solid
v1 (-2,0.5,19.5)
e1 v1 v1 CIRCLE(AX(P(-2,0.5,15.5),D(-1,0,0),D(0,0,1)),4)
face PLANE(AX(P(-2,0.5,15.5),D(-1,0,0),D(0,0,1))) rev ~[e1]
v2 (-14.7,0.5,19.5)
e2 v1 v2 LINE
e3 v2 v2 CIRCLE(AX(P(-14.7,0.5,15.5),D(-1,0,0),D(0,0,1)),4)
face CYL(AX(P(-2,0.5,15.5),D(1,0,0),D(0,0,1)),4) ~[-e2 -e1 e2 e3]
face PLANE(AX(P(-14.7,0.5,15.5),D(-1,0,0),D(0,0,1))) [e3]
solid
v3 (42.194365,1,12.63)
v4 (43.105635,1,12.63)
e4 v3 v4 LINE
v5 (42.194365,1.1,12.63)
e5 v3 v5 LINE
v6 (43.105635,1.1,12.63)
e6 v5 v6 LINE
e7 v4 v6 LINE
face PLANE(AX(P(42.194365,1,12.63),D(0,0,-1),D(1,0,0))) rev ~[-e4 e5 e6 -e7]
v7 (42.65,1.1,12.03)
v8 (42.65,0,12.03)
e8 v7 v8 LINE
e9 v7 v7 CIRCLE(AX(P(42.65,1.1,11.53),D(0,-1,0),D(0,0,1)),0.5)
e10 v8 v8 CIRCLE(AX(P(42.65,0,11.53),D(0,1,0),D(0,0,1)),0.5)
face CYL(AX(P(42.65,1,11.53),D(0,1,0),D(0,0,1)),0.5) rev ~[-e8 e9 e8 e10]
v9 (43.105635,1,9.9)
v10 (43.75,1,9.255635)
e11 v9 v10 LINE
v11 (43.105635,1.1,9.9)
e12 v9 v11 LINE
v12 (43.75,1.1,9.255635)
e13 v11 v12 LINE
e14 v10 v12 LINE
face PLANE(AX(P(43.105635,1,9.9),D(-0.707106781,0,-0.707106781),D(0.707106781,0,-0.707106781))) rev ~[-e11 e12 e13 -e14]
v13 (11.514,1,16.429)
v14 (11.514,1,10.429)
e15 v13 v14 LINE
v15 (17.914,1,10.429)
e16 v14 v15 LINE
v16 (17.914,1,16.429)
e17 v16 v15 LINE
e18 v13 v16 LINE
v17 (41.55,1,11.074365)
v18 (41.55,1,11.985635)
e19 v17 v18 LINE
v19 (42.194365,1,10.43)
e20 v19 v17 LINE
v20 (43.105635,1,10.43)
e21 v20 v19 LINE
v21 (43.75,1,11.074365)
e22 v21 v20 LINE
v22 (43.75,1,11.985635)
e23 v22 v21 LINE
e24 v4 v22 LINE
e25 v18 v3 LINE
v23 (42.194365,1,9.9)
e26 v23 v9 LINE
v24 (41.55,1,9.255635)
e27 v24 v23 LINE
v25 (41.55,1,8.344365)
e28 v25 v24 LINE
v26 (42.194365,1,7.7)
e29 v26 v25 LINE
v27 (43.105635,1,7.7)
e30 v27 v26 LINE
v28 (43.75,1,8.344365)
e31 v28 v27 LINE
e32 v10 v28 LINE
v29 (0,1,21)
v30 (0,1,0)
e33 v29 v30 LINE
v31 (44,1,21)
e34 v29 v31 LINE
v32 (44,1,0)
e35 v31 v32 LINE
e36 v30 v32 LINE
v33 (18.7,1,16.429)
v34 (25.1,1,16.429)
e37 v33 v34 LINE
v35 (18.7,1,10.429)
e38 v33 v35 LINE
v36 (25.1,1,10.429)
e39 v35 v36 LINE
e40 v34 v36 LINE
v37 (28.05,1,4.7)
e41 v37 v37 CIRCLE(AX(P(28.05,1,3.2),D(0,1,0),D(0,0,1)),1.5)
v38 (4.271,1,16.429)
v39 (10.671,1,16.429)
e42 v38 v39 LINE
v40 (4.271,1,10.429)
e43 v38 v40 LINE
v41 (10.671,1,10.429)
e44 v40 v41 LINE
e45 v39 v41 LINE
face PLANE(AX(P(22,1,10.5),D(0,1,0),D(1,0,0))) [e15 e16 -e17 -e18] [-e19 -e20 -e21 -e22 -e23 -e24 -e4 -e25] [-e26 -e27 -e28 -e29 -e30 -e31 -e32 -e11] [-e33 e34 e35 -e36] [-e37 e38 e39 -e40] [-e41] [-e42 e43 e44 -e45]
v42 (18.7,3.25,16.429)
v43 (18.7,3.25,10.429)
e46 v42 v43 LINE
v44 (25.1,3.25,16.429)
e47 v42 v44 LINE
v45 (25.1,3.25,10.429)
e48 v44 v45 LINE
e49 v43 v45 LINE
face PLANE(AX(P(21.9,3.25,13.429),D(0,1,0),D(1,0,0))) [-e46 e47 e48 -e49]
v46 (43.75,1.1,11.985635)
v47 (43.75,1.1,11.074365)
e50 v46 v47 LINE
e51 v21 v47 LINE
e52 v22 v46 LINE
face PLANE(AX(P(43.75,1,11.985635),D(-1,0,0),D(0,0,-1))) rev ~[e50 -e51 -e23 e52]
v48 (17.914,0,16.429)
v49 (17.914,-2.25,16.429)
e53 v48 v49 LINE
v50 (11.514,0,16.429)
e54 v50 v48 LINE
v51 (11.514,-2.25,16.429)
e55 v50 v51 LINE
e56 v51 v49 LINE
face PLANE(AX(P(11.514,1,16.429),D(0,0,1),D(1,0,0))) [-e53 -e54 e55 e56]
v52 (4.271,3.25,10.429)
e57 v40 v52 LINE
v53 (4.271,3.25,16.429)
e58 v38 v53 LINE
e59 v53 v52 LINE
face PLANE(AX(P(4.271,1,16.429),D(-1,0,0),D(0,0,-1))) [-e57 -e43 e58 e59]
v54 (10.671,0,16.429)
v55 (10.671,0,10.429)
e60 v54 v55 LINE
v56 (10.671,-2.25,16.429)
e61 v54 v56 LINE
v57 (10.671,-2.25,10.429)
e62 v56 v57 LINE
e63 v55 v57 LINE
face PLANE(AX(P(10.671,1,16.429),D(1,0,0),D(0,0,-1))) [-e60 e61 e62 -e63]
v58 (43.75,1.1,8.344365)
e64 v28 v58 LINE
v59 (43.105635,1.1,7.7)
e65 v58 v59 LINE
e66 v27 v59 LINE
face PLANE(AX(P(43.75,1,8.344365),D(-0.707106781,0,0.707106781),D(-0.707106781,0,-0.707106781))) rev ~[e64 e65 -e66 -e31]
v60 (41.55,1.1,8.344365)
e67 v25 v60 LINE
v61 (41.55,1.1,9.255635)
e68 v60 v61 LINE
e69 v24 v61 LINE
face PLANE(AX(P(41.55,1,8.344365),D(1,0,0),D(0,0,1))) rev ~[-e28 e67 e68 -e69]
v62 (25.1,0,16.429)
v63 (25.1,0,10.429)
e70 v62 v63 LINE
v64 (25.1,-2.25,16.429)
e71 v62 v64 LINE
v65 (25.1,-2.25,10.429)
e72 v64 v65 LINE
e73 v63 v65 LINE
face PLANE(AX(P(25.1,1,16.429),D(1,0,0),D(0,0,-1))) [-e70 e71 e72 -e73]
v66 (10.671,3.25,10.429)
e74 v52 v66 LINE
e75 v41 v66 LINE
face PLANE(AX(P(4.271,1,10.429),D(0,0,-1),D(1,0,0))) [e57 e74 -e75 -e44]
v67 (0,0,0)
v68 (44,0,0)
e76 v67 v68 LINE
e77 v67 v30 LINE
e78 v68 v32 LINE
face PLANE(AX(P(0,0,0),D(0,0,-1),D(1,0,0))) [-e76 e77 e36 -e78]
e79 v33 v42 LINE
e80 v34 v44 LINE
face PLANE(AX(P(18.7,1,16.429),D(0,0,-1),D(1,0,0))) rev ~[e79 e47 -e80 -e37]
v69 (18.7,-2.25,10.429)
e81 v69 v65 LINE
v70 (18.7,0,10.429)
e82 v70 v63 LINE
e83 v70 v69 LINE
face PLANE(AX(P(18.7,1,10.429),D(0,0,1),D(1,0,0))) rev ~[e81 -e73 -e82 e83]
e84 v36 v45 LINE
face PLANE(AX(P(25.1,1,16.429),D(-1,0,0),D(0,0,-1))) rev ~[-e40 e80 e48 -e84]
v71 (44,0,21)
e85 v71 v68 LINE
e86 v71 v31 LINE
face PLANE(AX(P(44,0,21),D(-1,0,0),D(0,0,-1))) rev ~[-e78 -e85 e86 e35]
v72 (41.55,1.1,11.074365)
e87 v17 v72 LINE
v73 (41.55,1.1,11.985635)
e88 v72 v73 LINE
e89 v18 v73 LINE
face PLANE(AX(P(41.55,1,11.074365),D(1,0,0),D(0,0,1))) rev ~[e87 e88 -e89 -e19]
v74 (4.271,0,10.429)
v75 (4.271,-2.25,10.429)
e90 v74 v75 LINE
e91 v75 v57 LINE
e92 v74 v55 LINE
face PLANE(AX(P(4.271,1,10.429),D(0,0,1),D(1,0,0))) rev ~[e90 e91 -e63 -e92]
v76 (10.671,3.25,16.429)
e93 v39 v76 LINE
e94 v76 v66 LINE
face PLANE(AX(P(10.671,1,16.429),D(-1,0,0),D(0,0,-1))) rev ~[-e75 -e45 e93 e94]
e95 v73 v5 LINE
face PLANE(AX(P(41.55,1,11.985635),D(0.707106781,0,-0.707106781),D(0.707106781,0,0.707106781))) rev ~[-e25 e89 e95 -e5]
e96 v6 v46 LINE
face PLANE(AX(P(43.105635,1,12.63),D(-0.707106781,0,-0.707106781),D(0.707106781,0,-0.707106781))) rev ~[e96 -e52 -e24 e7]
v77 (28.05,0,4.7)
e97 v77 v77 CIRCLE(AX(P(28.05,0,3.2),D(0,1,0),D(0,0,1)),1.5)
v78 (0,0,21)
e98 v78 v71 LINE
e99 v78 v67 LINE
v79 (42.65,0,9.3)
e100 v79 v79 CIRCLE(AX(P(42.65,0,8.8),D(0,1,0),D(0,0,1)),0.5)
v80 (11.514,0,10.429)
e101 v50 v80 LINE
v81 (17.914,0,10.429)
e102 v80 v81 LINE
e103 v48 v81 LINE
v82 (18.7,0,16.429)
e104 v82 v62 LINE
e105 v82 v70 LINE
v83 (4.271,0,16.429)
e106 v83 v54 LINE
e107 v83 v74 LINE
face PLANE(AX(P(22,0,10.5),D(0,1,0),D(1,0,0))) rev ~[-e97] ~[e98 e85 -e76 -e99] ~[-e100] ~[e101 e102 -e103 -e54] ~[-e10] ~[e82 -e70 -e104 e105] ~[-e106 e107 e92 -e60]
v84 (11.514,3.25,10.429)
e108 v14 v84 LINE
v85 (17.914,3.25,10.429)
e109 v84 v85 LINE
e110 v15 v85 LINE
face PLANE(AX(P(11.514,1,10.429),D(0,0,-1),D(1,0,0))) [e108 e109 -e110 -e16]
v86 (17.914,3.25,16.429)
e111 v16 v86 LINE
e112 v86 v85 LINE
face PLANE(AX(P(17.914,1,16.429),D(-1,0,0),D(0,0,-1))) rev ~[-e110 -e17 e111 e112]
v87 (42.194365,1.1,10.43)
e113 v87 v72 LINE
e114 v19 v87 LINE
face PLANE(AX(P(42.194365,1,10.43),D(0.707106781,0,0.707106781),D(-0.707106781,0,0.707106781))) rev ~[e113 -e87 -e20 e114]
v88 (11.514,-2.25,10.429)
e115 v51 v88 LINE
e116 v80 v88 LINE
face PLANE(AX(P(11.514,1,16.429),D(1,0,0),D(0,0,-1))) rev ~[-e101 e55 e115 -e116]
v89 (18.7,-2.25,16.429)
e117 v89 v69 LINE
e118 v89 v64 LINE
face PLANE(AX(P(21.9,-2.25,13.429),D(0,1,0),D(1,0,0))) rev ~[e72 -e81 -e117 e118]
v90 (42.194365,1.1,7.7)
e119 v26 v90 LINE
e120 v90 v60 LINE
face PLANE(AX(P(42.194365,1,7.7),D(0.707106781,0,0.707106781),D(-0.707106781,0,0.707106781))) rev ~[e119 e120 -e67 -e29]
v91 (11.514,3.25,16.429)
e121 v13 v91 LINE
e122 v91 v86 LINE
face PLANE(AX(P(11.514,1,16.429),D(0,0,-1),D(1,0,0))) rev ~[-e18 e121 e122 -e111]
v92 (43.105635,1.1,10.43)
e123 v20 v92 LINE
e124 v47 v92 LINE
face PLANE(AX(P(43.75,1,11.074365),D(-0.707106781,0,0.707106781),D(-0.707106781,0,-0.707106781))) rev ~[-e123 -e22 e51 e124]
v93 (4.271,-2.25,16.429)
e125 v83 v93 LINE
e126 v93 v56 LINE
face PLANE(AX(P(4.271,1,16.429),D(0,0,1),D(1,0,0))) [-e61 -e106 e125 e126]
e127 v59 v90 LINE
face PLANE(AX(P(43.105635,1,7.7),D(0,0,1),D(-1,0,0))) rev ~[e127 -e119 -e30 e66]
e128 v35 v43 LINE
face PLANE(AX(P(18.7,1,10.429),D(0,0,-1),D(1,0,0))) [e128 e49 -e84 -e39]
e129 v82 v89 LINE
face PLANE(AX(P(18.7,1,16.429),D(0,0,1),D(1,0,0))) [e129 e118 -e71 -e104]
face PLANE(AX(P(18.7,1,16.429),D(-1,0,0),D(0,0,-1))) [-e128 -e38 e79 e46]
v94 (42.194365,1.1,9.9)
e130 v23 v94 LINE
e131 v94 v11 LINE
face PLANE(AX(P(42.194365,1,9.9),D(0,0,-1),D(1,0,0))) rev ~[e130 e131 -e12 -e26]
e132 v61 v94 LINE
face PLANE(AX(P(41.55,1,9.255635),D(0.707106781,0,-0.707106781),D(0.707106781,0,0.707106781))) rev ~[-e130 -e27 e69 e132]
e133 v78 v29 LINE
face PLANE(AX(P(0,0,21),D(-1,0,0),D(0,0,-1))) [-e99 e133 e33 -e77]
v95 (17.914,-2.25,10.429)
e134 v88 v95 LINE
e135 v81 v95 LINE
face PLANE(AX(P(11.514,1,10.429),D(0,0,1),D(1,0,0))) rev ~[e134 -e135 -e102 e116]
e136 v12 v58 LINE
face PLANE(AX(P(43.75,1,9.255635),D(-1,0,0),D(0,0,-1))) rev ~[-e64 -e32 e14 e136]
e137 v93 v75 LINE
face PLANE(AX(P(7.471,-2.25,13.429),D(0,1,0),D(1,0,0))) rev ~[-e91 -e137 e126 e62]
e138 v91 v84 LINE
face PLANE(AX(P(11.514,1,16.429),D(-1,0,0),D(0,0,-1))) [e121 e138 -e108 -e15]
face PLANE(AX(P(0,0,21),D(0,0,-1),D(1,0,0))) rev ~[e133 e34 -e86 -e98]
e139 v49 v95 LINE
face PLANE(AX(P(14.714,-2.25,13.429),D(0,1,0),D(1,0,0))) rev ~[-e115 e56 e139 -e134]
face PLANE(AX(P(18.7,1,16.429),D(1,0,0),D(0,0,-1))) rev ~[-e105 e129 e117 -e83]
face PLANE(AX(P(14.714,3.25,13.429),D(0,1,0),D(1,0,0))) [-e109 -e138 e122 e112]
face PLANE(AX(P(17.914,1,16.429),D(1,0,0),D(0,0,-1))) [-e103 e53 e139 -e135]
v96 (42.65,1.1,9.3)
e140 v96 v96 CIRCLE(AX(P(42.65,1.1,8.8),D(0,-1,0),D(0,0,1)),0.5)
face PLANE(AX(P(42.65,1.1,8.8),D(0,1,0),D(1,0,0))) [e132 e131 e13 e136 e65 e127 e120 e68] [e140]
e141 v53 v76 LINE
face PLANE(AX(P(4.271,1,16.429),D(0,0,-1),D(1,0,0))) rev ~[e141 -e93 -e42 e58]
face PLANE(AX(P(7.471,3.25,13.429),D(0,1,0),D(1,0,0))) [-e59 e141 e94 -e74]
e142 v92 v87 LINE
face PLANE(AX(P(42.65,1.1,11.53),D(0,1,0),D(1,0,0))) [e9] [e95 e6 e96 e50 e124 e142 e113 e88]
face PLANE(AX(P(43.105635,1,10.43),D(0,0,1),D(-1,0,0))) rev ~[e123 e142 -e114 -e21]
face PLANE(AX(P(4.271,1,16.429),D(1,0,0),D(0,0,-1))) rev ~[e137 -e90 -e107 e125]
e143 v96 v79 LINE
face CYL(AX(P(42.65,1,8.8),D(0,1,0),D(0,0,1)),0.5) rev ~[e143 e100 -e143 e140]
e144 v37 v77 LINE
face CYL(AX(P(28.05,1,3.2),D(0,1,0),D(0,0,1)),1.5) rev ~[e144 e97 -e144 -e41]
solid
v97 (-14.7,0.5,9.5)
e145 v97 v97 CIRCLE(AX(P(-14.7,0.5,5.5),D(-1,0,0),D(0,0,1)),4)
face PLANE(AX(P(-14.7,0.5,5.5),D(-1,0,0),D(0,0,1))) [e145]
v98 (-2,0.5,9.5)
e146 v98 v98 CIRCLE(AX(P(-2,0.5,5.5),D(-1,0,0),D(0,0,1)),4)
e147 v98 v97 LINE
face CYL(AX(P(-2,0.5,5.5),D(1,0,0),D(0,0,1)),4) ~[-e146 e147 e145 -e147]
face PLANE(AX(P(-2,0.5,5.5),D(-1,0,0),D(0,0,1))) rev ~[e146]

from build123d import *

# Parameters (mm, degrees)
SKETCH_1_W               = 44
SKETCH_1_H               = 21
EXTRUDE_1_DEPTH          = 1
EXTRUDE_3_DEPTH          = 0.1
SKETCH_2_R               = 1.5
SKETCH_2_R_2             = 0.5
CUT_EXTRUDE_1_DEPTH      = 1
CUT_EXTRUDE_1_DEPTH_BACK = 1
SKETCH_3_W               = 6.4
SKETCH_3_H               = 6
EXTRUDE_2_DEPTH          = 2.25
EXTRUDE_2_DEPTH_BACK     = 3.25
EXTRUDE_START            = 2
SKETCH_5_R               = 4
EXTRUDE_4_DEPTH          = 12.7
EXTRUDE_4_2_DEPTH        = 12.7


with BuildPart() as part:
    # Эскиз1 → Бобышка-Вытянуть1 (new body)
    with BuildSketch(Plane(origin=(0, 0, 0), x_dir=(1, 0, 0), z_dir=(0, 1, 0))):
        with Locations((22, -10.5)):
            Rectangle(SKETCH_1_W, SKETCH_1_H)
    extrude(amount=EXTRUDE_1_DEPTH)

    # Эскиз4 → Бобышка-Вытянуть3 (add)
    with BuildSketch(Plane(origin=(0, 1, 0), x_dir=(1, 0, 0), z_dir=(0, 1, 0))):
        Polygon((43.75, -8.344365081), (43.105634919, -7.7), (42.194365081, -7.7), (41.55, -8.344365081), (41.55, -9.255634919), (42.194365081, -9.9), (43.105634919, -9.9), (43.75, -9.255634919), align=None)
        Polygon((41.55, -11.074365081), (41.55, -11.985634919), (42.194365081, -12.63), (43.105634919, -12.63), (43.75, -11.985634919), (43.75, -11.074365081), (43.105634919, -10.43), (42.194365081, -10.43), align=None)
    extrude(amount=EXTRUDE_3_DEPTH)

    # Эскиз2 → Вырез-Вытянуть1 (cut, two sides)
    with BuildSketch(Plane(origin=(0, 1, 0), x_dir=(1, 0, 0), z_dir=(0, 1, 0))) as cut_extrude_1_sk:
        with Locations(Location((28.05, -3.2, 0), (0, 0, 270))):  # turned: the seam where the file's is
            Circle(SKETCH_2_R)
        with Locations(Location((42.65, -8.8, 0), (0, 0, 270))):  # turned: the seam where the file's is
            Circle(SKETCH_2_R_2)
        with Locations(Location((42.65, -11.53, 0), (0, 0, 270))):  # turned: the seam where the file's is
            Circle(SKETCH_2_R_2)
    extrude(amount=CUT_EXTRUDE_1_DEPTH, mode=Mode.SUBTRACT)
    extrude(cut_extrude_1_sk.sketch, amount=-CUT_EXTRUDE_1_DEPTH_BACK, mode=Mode.SUBTRACT)

    # Эскиз3 → Бобышка-Вытянуть2 (add, two sides)
    with BuildSketch(Plane(origin=(0, 1, 0), x_dir=(1, 0, 0), z_dir=(0, 1, 0))) as extrude_2_sk:
        with Locations((7.471, -13.429)):
            Rectangle(SKETCH_3_W, SKETCH_3_H)
        with Locations((14.714, -13.429)):
            Rectangle(SKETCH_3_W, SKETCH_3_H)
        with Locations((21.9, -13.429)):
            Rectangle(SKETCH_3_W, SKETCH_3_H)
    extrude(amount=EXTRUDE_2_DEPTH)
    extrude(extrude_2_sk.sketch, amount=-EXTRUDE_2_DEPTH_BACK)


with BuildPart() as body_2:
    # Эскиз5 → Бобышка-Вытянуть4 (new body)
    with BuildSketch(Plane.ZY.offset(EXTRUDE_START)):
        with Locations((5.5, 0.5)):
            Circle(SKETCH_5_R)
    extrude(amount=EXTRUDE_4_DEPTH)


with BuildPart() as body_3:
    # Эскиз5 → Extrude 4 2 (new body)
    with BuildSketch(Plane.ZY.offset(EXTRUDE_START)):
        with Locations((15.5, 0.5)):
            Circle(SKETCH_5_R)
    extrude(amount=EXTRUDE_4_2_DEPTH)


solid = Compound([part.part, body_2.part, body_3.part])
